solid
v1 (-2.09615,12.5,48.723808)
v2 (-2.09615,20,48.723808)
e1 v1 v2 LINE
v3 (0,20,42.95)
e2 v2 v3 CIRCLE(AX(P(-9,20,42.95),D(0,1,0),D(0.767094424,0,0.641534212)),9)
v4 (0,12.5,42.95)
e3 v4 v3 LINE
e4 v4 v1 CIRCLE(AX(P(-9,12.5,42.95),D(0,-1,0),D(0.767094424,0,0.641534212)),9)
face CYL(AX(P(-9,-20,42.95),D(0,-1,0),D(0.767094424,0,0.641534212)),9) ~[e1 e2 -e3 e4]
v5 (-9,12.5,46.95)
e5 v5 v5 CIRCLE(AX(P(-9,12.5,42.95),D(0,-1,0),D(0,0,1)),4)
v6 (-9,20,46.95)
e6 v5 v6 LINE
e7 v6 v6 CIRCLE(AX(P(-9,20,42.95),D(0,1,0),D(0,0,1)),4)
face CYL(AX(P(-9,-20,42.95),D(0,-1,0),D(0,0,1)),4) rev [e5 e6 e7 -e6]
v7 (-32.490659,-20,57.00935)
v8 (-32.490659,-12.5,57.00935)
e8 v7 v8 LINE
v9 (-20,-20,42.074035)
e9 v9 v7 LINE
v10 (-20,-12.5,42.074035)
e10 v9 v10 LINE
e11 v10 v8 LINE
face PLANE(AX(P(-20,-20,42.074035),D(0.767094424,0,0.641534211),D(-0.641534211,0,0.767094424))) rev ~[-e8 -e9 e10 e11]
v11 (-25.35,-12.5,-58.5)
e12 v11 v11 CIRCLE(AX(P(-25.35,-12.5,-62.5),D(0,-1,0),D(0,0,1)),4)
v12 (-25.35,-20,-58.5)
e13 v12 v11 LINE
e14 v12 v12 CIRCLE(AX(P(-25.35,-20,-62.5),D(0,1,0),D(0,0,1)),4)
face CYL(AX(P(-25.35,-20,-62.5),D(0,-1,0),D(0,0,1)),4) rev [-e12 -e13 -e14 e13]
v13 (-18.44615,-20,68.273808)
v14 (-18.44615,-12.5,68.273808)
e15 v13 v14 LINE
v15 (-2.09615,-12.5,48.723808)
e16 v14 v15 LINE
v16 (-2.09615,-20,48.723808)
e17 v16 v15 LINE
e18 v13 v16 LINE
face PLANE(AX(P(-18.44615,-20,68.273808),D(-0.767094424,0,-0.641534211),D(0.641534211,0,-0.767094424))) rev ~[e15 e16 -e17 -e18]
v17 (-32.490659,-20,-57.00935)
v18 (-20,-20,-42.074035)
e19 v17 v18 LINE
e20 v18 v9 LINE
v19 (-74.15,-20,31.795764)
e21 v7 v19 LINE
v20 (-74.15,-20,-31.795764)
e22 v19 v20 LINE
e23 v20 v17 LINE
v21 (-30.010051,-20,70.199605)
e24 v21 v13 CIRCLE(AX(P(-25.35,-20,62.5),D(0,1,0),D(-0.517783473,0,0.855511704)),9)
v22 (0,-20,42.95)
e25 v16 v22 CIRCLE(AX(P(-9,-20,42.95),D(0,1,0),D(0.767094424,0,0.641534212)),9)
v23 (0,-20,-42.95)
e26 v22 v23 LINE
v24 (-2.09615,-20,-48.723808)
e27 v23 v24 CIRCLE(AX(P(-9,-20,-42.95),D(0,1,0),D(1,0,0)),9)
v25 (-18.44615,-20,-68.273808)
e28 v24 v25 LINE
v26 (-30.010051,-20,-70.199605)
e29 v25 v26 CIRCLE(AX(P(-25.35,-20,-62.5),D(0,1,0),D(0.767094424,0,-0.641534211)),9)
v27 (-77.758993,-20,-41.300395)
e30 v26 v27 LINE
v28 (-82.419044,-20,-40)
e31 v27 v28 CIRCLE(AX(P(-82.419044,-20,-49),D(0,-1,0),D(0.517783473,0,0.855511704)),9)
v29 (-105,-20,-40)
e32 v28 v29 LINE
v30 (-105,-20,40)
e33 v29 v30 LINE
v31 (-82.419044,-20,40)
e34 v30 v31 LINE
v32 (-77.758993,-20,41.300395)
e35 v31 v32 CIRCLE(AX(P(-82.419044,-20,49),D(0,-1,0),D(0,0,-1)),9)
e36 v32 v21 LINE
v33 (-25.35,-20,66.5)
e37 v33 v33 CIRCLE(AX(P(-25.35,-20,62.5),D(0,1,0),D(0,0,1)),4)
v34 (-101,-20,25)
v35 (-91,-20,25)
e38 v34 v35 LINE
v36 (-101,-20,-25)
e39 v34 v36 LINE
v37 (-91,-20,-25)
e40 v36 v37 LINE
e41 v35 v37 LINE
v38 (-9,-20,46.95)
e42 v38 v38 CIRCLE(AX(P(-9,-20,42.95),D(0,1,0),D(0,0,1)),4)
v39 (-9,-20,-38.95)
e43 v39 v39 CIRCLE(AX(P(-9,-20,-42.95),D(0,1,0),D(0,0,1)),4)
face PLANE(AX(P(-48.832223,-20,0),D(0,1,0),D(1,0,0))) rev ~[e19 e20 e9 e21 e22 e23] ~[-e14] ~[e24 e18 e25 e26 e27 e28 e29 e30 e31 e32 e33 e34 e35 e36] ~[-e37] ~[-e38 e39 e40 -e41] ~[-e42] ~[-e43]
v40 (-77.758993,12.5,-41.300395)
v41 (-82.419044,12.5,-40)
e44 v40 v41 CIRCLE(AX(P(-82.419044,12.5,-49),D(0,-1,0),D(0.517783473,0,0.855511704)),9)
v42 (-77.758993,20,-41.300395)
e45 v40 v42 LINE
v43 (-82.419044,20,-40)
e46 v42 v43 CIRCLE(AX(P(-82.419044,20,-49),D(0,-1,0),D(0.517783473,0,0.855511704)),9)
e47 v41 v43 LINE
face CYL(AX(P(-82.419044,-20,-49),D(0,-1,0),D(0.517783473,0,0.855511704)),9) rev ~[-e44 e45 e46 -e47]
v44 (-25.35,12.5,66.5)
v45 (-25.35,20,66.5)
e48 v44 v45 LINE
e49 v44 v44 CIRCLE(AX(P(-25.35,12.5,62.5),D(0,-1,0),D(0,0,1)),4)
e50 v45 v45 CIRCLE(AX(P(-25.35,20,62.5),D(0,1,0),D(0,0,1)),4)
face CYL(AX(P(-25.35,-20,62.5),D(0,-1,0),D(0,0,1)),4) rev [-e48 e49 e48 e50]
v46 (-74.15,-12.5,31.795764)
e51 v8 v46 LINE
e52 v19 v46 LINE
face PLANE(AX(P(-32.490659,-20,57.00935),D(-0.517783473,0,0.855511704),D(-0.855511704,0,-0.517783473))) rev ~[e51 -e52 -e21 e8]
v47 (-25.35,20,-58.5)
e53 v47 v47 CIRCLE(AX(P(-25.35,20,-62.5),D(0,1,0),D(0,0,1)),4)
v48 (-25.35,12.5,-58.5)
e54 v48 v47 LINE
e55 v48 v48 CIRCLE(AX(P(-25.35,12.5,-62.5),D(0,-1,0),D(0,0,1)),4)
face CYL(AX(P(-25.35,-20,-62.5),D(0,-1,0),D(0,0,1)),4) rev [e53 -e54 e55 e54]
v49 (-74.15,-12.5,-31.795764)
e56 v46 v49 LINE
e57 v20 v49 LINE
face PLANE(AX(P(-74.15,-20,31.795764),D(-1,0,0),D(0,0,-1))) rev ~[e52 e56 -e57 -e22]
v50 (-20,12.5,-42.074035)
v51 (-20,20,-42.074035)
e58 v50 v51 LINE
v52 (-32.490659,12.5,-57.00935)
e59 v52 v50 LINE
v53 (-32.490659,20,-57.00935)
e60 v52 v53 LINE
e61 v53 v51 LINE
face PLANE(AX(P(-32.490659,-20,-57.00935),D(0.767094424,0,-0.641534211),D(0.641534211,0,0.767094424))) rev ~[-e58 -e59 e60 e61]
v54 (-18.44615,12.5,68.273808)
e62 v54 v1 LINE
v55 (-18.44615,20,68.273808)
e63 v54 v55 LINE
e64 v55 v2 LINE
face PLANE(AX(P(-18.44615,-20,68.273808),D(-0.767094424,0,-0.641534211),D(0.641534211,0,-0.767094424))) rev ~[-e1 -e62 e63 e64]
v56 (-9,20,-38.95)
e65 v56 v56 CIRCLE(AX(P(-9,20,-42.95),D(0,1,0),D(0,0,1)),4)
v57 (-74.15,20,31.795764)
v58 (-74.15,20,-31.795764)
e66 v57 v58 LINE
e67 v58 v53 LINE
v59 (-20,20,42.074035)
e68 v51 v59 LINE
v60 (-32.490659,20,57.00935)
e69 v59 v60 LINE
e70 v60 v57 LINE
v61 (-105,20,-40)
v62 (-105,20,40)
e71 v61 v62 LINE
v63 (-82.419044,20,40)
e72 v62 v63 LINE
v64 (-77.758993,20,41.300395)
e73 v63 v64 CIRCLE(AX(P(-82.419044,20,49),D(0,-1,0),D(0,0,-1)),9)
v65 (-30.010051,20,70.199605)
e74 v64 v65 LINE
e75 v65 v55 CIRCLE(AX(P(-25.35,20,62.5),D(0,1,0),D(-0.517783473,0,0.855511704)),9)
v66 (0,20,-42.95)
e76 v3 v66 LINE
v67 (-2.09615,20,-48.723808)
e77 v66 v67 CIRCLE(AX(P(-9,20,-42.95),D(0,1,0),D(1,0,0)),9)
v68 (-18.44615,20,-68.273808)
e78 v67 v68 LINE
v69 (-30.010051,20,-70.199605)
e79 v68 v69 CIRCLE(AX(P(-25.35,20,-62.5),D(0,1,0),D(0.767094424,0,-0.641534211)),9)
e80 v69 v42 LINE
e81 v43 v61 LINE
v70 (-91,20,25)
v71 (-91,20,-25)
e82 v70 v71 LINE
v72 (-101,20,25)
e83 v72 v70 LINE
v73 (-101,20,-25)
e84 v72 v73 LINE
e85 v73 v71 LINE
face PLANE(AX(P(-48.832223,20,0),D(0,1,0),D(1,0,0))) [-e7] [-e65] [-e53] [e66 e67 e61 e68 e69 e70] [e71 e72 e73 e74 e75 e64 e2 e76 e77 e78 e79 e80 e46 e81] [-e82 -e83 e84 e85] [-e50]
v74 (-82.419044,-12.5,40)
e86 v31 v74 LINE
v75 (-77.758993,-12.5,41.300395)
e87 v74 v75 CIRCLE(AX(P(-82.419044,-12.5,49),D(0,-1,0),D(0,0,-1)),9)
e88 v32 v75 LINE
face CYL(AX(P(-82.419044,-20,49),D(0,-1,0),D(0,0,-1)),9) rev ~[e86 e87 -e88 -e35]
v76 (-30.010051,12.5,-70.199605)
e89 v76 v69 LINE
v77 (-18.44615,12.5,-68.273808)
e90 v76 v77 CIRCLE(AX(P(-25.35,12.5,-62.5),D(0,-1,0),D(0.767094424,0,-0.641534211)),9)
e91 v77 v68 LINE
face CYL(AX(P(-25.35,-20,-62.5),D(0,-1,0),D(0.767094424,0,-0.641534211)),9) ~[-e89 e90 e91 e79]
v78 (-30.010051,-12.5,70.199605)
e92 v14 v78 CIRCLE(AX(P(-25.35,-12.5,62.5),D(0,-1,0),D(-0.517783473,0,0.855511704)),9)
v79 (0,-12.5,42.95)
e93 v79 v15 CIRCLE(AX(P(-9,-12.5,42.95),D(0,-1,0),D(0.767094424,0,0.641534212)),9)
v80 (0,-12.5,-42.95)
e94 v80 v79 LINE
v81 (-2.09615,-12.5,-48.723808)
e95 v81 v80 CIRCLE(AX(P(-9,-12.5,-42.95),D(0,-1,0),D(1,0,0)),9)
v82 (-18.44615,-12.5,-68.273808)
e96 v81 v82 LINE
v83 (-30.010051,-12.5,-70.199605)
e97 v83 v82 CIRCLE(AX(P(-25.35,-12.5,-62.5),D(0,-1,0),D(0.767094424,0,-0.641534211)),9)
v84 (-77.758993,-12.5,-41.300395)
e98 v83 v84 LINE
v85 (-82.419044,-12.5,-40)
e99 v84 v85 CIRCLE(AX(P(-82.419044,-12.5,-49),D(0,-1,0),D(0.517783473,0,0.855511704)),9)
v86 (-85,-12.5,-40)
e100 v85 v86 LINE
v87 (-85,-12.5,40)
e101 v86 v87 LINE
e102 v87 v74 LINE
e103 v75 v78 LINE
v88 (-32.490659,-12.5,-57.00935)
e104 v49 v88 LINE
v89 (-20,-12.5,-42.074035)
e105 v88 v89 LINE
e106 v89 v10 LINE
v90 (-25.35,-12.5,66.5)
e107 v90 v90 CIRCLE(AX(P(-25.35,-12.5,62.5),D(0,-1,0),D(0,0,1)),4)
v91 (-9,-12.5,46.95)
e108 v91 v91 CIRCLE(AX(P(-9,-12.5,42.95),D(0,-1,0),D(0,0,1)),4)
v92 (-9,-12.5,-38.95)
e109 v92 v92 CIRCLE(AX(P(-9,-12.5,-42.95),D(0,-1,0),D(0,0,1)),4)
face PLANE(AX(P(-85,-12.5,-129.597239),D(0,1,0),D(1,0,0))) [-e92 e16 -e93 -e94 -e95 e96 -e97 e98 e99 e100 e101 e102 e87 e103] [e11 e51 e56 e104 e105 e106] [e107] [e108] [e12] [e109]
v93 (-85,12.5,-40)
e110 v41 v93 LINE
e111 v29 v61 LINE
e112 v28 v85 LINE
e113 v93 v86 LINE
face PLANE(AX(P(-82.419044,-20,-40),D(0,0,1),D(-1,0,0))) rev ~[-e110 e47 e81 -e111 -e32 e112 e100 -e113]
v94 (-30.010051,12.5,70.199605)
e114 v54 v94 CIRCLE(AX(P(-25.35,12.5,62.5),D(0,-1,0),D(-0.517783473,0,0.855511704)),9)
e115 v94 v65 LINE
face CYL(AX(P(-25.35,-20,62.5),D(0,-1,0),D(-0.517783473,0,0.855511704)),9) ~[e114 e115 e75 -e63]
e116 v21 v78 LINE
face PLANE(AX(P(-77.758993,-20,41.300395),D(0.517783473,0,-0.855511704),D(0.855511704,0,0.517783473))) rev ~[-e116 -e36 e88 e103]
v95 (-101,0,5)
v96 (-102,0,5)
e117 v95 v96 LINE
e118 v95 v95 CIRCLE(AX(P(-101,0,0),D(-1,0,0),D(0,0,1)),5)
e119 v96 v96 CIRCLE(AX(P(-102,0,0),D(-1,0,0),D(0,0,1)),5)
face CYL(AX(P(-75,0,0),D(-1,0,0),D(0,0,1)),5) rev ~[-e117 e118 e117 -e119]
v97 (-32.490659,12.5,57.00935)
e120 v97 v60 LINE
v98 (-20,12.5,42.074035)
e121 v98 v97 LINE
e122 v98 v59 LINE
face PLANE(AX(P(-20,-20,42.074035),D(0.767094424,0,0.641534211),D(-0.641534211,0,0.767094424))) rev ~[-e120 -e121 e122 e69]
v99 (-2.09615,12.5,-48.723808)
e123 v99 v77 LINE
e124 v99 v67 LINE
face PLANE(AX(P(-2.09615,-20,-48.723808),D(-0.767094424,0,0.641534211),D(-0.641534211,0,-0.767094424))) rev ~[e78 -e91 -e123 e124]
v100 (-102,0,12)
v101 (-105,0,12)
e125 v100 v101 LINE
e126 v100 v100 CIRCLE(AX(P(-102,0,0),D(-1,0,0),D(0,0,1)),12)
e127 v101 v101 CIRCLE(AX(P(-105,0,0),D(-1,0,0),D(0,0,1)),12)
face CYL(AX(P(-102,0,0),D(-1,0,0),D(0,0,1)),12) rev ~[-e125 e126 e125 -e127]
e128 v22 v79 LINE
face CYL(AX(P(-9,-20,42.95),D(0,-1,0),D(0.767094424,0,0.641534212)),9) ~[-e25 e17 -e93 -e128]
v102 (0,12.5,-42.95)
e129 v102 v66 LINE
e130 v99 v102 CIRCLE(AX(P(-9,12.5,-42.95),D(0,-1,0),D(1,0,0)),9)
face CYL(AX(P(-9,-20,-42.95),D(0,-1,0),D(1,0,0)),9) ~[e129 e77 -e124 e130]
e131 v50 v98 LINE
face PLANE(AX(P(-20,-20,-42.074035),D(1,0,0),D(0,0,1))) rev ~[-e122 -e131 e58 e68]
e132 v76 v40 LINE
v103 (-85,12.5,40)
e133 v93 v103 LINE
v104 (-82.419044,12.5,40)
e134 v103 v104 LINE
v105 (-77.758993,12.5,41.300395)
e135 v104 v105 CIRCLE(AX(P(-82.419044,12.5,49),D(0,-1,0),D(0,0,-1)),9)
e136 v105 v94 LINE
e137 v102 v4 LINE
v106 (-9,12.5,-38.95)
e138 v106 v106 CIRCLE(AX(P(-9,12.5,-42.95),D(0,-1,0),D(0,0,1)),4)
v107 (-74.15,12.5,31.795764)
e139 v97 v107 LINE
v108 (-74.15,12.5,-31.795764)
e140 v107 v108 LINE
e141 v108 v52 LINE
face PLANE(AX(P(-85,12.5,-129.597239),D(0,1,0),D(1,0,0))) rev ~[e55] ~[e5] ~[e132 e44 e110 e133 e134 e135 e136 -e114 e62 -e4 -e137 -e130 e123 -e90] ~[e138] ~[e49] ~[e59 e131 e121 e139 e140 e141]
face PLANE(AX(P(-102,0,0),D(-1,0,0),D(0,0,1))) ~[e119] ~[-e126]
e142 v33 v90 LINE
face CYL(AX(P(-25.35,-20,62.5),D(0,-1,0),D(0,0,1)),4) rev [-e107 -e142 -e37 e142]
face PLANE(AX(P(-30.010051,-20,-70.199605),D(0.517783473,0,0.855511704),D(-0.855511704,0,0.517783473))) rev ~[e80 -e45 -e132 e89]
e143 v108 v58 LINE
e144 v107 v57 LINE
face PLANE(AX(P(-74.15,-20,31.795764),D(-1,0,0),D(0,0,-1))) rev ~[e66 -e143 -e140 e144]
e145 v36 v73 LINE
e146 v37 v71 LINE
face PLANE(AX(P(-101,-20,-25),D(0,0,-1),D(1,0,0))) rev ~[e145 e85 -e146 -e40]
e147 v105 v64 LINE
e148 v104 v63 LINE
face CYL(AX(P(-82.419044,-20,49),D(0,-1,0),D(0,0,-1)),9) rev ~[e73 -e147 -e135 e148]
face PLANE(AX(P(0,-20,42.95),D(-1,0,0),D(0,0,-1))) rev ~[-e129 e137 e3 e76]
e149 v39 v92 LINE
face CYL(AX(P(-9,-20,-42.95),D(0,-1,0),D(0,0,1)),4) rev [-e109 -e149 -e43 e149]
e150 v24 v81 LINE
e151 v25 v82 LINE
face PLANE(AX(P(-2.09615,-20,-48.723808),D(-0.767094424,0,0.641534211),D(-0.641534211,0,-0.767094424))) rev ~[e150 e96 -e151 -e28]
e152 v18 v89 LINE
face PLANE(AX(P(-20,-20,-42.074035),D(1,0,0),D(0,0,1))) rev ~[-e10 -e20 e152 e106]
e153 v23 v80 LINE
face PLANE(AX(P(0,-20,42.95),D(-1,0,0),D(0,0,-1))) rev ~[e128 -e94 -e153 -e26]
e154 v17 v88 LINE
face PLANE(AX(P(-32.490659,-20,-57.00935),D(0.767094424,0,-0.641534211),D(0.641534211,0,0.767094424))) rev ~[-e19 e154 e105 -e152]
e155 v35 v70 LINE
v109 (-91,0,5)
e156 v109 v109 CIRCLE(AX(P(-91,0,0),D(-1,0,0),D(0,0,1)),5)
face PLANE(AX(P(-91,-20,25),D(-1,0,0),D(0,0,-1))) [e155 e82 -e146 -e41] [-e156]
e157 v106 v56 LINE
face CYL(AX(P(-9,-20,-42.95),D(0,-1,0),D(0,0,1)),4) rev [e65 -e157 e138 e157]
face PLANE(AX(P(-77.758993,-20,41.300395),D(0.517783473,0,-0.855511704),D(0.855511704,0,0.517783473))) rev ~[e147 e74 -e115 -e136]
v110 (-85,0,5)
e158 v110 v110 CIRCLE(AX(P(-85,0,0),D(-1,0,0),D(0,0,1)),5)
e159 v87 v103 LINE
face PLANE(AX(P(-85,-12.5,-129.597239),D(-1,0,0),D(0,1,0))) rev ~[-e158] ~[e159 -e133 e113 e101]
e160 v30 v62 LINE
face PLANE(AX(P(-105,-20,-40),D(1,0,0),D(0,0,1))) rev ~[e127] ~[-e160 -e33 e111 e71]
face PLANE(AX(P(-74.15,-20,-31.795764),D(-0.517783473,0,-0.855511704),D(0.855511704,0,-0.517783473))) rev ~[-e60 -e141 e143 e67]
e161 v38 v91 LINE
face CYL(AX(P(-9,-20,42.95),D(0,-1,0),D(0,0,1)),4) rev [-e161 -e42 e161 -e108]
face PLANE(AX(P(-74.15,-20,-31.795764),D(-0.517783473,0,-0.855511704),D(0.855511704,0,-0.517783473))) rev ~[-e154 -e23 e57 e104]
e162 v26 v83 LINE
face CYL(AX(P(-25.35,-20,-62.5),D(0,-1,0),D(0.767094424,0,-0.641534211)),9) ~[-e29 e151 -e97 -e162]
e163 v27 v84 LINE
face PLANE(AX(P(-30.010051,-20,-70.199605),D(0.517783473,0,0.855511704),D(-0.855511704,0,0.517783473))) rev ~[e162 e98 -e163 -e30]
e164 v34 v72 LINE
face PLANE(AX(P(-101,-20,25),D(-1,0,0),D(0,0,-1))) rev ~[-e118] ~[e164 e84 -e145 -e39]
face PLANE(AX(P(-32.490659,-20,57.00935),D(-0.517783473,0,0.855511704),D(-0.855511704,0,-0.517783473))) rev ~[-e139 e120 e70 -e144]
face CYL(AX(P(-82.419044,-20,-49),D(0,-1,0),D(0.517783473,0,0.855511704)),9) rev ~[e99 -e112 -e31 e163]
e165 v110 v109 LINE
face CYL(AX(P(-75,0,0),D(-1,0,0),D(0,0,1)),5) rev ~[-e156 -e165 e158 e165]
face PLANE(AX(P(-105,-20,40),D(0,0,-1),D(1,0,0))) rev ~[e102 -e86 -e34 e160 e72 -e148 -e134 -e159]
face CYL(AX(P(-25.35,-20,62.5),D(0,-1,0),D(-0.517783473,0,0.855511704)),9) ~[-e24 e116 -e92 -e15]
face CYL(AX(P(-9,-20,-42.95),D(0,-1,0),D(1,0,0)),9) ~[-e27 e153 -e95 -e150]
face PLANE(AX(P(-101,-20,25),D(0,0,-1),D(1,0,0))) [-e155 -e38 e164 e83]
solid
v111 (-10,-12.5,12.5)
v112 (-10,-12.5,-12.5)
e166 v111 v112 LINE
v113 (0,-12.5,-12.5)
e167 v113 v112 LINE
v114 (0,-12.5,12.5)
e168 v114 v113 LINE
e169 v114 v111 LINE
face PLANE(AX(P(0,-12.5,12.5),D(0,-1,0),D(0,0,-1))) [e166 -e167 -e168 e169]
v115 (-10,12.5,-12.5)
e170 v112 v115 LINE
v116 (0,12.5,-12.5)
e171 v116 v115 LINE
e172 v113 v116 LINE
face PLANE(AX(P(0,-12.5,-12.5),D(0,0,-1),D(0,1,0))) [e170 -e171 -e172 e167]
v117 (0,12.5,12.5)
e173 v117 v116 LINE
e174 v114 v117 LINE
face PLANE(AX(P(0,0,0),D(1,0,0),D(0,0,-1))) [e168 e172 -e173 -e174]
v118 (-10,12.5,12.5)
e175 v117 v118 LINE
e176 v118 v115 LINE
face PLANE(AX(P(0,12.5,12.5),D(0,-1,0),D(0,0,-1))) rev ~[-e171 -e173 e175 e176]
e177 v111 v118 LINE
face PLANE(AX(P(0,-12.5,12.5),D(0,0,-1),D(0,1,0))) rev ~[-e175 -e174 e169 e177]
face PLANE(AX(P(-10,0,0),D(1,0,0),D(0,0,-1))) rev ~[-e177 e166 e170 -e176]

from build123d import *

# Parameters (mm, degrees)
BOSS_EXTRUDE1_DEPTH      = 20
BOSS_EXTRUDE1_DEPTH_BACK = 20
SKETCH2_R                = 4
SKETCH2_W                = 10
SKETCH2_H                = 50
CUT_EXTRUDE1_DEPTH       = 129.597239473
CUT_EXTRUDE1_DEPTH_BACK  = 129.597239473
SKETCH3_W                = 85
SKETCH3_H                = 25
SKETCH4_W                = 25
SKETCH4_H                = 25
BOSS_EXTRUDE2_DEPTH      = 10


with BuildPart() as part:
    # Sketch2 → Boss-Extrude1 (new, two sides: drawn at the far end of the back side and taken through both)
    with BuildSketch(Plane(origin=(0, 0, 0), x_dir=(1, 0, 0), z_dir=(0, 1, 0)).offset(-BOSS_EXTRUDE1_DEPTH_BACK)):
        with BuildLine():
            Line((0, -42.95), (0, 42.95))
            ThreePointArc((0, 42.95), (-0.540252712, 46.02126616), (-2.096150183, 48.723807903))
            Line((-2.096150183, 48.723807903), (-18.446150183, 68.273807903))
            ThreePointArc((-18.446150183, 68.273807903), (-23.87154407, 71.377734399), (-30.010051253, 70.199605335))
            Line((-30.010051253, 70.199605335), (-77.758993185, 41.300394665))
            ThreePointArc((-77.758993185, 41.300394665), (-80, 40.331192469), (-82.419044438, 40))
            Line((-82.419044438, 40), (-105, 40))
            Line((-105, 40), (-105, -40))
            Line((-105, -40), (-82.419044438, -40))
            ThreePointArc((-82.419044438, -40), (-80, -40.331192469), (-77.758993185, -41.300394665))
            Line((-77.758993185, -41.300394665), (-30.010051253, -70.199605335))
            ThreePointArc((-30.010051253, -70.199605335), (-23.87154407, -71.377734399), (-18.446150183, -68.273807903))
            Line((-18.446150183, -68.273807903), (-2.096150183, -48.723807903))
            ThreePointArc((-2.096150183, -48.723807903), (-0.540252712, -46.02126616), (0, -42.95))
        make_face()
        with Locations((-25.35, 62.5)):
            Circle(SKETCH2_R, mode=Mode.SUBTRACT)
        with Locations((-9, 42.95)):
            Circle(SKETCH2_R, mode=Mode.SUBTRACT)
        with Locations((-9, -42.95)):
            Circle(SKETCH2_R, mode=Mode.SUBTRACT)
        with Locations((-25.35, -62.5)):
            Circle(SKETCH2_R, mode=Mode.SUBTRACT)
        Polygon((-74.15, -31.795763765), (-74.15, 31.795763765), (-32.490659495, 57.009349846), (-20, 42.074035282), (-20, -42.074035282), (-32.490659495, -57.009349846), align=None, mode=Mode.SUBTRACT)
        with Locations((-96, 0)):
            Rectangle(SKETCH2_W, SKETCH2_H, mode=Mode.SUBTRACT)
    extrude(amount=BOSS_EXTRUDE1_DEPTH + BOSS_EXTRUDE1_DEPTH_BACK)

    # Sketch3 → Cut-Extrude1 (cut, two sides: drawn at the far end of the back side and taken through both)
    with BuildSketch(Plane.XY.offset(-CUT_EXTRUDE1_DEPTH_BACK)):
        with Locations((-42.5, 0)):
            Rectangle(SKETCH3_W, SKETCH3_H)
    extrude(amount=CUT_EXTRUDE1_DEPTH + CUT_EXTRUDE1_DEPTH_BACK, mode=Mode.SUBTRACT)

    # Sketch6 → Hole1 (revolve, cut)
    with BuildSketch(Plane(origin=(-105, 0, 0), x_dir=(0, 0, 1), z_dir=(0, 1, 0))):
        Polygon((0, 0), (0, 30), (5, 30), (5, 3), (12, 3), (12, 0), align=None)
    revolve(axis=Axis((5, 0, 0), (-1, 0, 0)), mode=Mode.SUBTRACT)


with BuildPart() as body_2:
    # Sketch4 → Boss-Extrude2 (new body)
    with BuildSketch(Plane(origin=(0, 0, 0), x_dir=(0, 0, -1), z_dir=(1, 0, 0))):
        Rectangle(SKETCH4_W, SKETCH4_H)
    extrude(amount=-BOSS_EXTRUDE2_DEPTH)


solid = Compound([part.part, body_2.part])
